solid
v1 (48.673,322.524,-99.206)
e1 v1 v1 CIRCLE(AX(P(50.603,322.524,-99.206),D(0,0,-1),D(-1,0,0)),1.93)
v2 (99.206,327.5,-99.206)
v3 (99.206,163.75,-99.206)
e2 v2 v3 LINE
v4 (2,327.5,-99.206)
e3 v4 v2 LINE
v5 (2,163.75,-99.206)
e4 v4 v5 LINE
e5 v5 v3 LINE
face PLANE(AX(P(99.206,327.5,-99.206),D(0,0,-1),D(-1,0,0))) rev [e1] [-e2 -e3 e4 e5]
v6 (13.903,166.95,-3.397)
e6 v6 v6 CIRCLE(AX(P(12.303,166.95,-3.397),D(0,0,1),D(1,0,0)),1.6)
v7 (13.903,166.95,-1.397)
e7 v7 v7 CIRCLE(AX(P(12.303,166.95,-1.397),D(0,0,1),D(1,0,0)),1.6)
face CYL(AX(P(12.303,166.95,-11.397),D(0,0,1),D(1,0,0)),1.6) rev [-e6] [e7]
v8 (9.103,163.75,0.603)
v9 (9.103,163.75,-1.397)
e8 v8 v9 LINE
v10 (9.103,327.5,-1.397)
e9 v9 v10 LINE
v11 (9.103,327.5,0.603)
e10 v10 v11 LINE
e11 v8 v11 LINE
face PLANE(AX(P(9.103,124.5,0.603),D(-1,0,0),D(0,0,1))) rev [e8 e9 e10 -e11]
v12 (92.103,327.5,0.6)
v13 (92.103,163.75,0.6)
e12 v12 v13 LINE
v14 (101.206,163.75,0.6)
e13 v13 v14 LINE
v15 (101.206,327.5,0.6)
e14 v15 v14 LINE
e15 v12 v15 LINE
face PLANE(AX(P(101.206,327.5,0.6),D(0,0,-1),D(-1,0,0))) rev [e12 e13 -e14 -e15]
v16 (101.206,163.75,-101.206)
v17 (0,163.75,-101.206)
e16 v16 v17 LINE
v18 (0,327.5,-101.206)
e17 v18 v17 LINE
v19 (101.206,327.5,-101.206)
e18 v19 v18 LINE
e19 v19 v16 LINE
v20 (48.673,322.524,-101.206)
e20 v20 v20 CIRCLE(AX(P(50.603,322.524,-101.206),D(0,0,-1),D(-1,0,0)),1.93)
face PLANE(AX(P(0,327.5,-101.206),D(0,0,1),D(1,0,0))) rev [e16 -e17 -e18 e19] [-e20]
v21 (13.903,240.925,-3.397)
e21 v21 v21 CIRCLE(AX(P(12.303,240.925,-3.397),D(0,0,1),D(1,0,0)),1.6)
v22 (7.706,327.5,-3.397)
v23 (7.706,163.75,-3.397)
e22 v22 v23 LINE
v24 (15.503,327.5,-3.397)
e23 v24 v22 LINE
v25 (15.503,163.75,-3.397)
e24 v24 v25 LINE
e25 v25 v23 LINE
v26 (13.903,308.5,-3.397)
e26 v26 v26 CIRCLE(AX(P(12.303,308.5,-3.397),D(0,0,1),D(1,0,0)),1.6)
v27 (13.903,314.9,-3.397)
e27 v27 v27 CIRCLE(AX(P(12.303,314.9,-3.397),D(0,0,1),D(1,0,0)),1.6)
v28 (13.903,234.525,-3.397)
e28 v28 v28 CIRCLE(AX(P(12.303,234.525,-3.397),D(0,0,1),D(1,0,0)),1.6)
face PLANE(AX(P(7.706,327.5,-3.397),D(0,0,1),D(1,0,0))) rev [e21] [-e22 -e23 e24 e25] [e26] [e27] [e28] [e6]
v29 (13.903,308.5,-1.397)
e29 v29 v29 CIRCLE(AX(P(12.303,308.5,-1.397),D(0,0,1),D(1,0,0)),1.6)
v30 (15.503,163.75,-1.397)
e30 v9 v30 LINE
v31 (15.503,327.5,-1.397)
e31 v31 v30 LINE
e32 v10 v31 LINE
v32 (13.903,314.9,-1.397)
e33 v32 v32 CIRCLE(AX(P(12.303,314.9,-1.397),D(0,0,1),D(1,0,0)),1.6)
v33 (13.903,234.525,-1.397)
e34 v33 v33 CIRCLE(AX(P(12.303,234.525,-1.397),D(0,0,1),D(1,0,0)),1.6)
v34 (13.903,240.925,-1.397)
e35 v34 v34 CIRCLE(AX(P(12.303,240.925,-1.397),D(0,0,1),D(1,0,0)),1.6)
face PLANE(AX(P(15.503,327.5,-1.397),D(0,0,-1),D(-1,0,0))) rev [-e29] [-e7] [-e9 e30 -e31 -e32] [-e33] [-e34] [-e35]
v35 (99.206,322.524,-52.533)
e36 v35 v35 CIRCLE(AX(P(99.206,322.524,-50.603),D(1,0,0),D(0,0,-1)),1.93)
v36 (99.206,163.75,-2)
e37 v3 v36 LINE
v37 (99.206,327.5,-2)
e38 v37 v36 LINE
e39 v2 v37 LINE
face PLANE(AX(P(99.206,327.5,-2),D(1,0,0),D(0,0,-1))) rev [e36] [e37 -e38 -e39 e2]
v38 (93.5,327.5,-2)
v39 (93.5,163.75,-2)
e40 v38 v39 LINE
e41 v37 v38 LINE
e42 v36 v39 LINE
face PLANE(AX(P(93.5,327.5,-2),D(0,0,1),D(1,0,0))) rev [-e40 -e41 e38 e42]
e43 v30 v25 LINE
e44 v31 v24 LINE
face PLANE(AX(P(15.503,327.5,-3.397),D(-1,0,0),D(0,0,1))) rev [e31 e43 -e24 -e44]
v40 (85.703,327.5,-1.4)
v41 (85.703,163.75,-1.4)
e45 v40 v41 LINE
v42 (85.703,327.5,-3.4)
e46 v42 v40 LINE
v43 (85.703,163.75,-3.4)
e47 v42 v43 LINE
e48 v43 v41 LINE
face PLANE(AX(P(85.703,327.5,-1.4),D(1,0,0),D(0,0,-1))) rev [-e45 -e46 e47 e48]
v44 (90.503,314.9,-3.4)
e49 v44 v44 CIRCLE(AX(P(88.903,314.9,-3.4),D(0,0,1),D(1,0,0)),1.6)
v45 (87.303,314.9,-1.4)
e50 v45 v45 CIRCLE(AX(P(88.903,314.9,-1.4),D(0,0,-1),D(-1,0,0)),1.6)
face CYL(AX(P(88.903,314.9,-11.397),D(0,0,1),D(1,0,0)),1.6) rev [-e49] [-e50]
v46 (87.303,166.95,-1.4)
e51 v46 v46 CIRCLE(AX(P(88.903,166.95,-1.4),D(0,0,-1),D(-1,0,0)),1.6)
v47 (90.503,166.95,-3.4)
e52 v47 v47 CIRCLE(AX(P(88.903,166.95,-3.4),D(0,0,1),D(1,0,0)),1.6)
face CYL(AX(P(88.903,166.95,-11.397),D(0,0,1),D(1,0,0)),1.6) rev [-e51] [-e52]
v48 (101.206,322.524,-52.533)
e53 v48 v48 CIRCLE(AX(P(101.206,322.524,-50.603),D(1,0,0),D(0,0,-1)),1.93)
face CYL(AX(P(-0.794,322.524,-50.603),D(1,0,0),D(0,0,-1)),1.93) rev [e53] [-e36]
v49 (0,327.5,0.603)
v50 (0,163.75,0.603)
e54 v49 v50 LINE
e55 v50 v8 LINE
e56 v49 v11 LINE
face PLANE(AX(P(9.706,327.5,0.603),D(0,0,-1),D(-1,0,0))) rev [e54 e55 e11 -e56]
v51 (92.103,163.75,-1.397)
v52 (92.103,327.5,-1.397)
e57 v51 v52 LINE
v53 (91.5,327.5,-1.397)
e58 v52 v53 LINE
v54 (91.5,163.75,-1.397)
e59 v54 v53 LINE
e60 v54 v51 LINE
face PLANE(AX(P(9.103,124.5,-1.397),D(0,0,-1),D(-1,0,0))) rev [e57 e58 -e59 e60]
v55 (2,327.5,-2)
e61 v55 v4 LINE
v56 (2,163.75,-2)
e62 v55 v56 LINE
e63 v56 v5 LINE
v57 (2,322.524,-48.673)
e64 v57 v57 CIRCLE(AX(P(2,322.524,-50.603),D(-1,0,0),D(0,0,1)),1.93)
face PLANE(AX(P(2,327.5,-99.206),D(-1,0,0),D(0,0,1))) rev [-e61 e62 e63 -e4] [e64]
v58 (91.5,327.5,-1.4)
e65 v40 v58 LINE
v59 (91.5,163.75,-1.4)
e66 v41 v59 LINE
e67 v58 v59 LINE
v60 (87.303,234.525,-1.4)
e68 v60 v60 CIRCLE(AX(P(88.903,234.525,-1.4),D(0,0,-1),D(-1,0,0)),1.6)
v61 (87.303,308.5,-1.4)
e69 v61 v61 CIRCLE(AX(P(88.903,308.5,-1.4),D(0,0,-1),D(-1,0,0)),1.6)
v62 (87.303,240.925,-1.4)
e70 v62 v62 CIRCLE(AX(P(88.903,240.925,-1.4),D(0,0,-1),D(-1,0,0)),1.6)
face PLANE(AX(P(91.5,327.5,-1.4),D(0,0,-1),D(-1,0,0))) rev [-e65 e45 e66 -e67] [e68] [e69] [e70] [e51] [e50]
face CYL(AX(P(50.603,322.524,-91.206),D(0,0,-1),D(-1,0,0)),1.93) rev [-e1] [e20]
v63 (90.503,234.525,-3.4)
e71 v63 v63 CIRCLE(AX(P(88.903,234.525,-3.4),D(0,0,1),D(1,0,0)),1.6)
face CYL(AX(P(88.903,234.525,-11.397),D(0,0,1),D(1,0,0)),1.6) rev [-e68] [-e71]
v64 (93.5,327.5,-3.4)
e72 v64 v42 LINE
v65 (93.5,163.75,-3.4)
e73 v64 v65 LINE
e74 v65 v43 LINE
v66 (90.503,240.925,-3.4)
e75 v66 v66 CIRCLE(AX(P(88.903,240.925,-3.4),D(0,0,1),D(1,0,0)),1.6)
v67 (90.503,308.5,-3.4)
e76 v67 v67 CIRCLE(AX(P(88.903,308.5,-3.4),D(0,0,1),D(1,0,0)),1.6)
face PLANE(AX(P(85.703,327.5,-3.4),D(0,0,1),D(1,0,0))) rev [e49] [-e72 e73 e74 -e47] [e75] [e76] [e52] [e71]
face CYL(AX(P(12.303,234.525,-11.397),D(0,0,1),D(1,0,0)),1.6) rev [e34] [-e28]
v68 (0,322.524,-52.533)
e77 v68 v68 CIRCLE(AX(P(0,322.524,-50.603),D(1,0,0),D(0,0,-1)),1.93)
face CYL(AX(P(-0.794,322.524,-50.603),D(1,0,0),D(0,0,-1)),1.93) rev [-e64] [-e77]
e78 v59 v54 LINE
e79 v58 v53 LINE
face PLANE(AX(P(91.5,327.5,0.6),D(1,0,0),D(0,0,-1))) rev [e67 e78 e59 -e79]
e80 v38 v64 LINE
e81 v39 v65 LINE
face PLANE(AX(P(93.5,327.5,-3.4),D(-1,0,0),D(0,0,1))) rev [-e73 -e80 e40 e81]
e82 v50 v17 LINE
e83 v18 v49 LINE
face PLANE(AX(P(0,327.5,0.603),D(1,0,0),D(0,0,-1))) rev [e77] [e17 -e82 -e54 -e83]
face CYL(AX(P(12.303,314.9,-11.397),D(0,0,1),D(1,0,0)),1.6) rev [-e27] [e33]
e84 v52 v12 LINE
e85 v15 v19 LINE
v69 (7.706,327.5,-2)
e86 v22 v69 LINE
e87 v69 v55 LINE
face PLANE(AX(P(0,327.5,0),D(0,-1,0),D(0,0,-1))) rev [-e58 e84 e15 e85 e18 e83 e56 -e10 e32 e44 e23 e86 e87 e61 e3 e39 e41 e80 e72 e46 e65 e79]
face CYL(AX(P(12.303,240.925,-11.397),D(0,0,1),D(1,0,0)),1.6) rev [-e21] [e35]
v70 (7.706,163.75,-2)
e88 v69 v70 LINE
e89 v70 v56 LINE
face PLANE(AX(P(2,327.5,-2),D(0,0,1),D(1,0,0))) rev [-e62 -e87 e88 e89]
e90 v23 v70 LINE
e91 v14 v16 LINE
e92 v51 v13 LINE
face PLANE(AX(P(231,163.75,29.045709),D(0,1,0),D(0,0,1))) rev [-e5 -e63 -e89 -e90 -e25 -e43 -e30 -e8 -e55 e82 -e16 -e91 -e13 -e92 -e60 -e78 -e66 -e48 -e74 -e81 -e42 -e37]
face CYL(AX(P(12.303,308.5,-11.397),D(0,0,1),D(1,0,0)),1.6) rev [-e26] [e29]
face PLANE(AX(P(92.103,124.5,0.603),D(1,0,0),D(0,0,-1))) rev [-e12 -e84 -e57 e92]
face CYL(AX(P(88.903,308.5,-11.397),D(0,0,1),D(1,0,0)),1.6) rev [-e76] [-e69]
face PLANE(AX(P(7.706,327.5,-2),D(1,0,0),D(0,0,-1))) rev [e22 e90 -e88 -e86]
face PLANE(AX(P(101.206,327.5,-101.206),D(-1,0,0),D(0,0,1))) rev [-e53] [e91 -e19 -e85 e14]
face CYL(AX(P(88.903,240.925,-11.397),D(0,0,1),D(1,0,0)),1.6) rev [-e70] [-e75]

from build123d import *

# Parameters (mm, degrees)
BOSS_EXTRUDE1_DEPTH = 327.5
SKETCH7_W           = 83
SKETCH7_H           = 2
CUT_EXTRUDE7_DEPTH  = 203
SKETCH2_R           = 1.6
CUT_EXTRUDE2_DEPTH  = 10
SKETCH3_R           = 1.93
CUT_EXTRUDE3_DEPTH  = 102
SKETCH4_R           = 1.93
CUT_EXTRUDE4_DEPTH  = 10
SKETCH5_W           = 130.251709281
SKETCH5_H           = 163.75
CUT_EXTRUDE6_DEPTH  = 231


with BuildPart() as part:
    # Sketch1 → Boss-Extrude1 (new body)
    with BuildSketch(Plane(origin=(0, 0, 0), x_dir=(1, 0, 0), z_dir=(0, 1, 0))):
        Polygon((0, -0.603), (0, 101.206), (101.206, 101.206), (101.206, -0.6), (91.5, -0.6), (91.5, 1.4), (85.703, 1.4), (85.703, 3.4), (93.5, 3.4), (93.5, 2), (99.206, 2), (99.206, 99.206), (2, 99.206), (2, 2), (7.706, 2), (7.706, 3.397), (15.503, 3.397), (15.503, 1.397), (9.706, 1.397), (9.706, -0.603), align=None)
    extrude(amount=BOSS_EXTRUDE1_DEPTH)

    # Sketch7 → Cut-Extrude7 (cut)
    with BuildSketch(Plane(origin=(0, 327.5, 0), x_dir=(1, 0, 0), z_dir=(0, 1, 0))):
        with Locations((50.603, 0.397)):
            Rectangle(SKETCH7_W, SKETCH7_H)
    extrude(amount=-CUT_EXTRUDE7_DEPTH, mode=Mode.SUBTRACT)

    # Sketch2 → Cut-Extrude2 (cut)
    with BuildSketch(Plane.XY.offset(-1.397)):
        with Locations((12.303, 314.9)):
            Circle(SKETCH2_R)
        with Locations((12.303, 308.5)):
            Circle(SKETCH2_R)
        with Locations((88.903, 314.9)):
            Circle(SKETCH2_R)
        with Locations((88.903, 308.5)):
            Circle(SKETCH2_R)
        with Locations((12.303, 240.925)):
            Circle(SKETCH2_R)
        with Locations((12.303, 234.525)):
            Circle(SKETCH2_R)
        with Locations((88.903, 240.925)):
            Circle(SKETCH2_R)
        with Locations((88.903, 234.525)):
            Circle(SKETCH2_R)
        with Locations((12.303, 166.95)):
            Circle(SKETCH2_R)
        with Locations((12.303, 160.55)):
            Circle(SKETCH2_R)
        with Locations((88.903, 166.95)):
            Circle(SKETCH2_R)
        with Locations((88.903, 160.55)):
            Circle(SKETCH2_R)
        with Locations((12.303, 92.975)):
            Circle(SKETCH2_R)
        with Locations((12.303, 86.575)):
            Circle(SKETCH2_R)
        with Locations((88.903, 92.975)):
            Circle(SKETCH2_R)
        with Locations((88.903, 86.575)):
            Circle(SKETCH2_R)
        with Locations((12.303, 19)):
            Circle(SKETCH2_R)
        with Locations((12.303, 12.6)):
            Circle(SKETCH2_R)
        with Locations((88.903, 19)):
            Circle(SKETCH2_R)
        with Locations((88.903, 12.6)):
            Circle(SKETCH2_R)
    extrude(amount=-CUT_EXTRUDE2_DEPTH, mode=Mode.SUBTRACT)

    # Sketch3 → Cut-Extrude3 (cut)
    with BuildSketch(Plane(origin=(101.206, 0, 0), x_dir=(0, 0, -1), z_dir=(1, 0, 0))):
        with Locations((50.603, 322.524)):
            Circle(SKETCH3_R)
        with Locations((50.603, 4.976)):
            Circle(SKETCH3_R)
    extrude(amount=-CUT_EXTRUDE3_DEPTH, mode=Mode.SUBTRACT)

    # Sketch4 → Cut-Extrude4 (cut)
    with BuildSketch(Plane(origin=(0, 0, -101.206), x_dir=(-1, 0, 0), z_dir=(0, 0, -1))):
        with Locations((-50.603, 322.524)):
            Circle(SKETCH4_R)
        with Locations((-50.603, 4.976)):
            Circle(SKETCH4_R)
    extrude(amount=-CUT_EXTRUDE4_DEPTH, mode=Mode.SUBTRACT)

    # Sketch5 → Cut-Extrude6 (cut)
    with BuildSketch(Plane.ZY):
        with Locations((-36.08014536, 81.875)):
            Rectangle(SKETCH5_W, SKETCH5_H)
    extrude(amount=-CUT_EXTRUDE6_DEPTH, mode=Mode.SUBTRACT)


solid = part.part
